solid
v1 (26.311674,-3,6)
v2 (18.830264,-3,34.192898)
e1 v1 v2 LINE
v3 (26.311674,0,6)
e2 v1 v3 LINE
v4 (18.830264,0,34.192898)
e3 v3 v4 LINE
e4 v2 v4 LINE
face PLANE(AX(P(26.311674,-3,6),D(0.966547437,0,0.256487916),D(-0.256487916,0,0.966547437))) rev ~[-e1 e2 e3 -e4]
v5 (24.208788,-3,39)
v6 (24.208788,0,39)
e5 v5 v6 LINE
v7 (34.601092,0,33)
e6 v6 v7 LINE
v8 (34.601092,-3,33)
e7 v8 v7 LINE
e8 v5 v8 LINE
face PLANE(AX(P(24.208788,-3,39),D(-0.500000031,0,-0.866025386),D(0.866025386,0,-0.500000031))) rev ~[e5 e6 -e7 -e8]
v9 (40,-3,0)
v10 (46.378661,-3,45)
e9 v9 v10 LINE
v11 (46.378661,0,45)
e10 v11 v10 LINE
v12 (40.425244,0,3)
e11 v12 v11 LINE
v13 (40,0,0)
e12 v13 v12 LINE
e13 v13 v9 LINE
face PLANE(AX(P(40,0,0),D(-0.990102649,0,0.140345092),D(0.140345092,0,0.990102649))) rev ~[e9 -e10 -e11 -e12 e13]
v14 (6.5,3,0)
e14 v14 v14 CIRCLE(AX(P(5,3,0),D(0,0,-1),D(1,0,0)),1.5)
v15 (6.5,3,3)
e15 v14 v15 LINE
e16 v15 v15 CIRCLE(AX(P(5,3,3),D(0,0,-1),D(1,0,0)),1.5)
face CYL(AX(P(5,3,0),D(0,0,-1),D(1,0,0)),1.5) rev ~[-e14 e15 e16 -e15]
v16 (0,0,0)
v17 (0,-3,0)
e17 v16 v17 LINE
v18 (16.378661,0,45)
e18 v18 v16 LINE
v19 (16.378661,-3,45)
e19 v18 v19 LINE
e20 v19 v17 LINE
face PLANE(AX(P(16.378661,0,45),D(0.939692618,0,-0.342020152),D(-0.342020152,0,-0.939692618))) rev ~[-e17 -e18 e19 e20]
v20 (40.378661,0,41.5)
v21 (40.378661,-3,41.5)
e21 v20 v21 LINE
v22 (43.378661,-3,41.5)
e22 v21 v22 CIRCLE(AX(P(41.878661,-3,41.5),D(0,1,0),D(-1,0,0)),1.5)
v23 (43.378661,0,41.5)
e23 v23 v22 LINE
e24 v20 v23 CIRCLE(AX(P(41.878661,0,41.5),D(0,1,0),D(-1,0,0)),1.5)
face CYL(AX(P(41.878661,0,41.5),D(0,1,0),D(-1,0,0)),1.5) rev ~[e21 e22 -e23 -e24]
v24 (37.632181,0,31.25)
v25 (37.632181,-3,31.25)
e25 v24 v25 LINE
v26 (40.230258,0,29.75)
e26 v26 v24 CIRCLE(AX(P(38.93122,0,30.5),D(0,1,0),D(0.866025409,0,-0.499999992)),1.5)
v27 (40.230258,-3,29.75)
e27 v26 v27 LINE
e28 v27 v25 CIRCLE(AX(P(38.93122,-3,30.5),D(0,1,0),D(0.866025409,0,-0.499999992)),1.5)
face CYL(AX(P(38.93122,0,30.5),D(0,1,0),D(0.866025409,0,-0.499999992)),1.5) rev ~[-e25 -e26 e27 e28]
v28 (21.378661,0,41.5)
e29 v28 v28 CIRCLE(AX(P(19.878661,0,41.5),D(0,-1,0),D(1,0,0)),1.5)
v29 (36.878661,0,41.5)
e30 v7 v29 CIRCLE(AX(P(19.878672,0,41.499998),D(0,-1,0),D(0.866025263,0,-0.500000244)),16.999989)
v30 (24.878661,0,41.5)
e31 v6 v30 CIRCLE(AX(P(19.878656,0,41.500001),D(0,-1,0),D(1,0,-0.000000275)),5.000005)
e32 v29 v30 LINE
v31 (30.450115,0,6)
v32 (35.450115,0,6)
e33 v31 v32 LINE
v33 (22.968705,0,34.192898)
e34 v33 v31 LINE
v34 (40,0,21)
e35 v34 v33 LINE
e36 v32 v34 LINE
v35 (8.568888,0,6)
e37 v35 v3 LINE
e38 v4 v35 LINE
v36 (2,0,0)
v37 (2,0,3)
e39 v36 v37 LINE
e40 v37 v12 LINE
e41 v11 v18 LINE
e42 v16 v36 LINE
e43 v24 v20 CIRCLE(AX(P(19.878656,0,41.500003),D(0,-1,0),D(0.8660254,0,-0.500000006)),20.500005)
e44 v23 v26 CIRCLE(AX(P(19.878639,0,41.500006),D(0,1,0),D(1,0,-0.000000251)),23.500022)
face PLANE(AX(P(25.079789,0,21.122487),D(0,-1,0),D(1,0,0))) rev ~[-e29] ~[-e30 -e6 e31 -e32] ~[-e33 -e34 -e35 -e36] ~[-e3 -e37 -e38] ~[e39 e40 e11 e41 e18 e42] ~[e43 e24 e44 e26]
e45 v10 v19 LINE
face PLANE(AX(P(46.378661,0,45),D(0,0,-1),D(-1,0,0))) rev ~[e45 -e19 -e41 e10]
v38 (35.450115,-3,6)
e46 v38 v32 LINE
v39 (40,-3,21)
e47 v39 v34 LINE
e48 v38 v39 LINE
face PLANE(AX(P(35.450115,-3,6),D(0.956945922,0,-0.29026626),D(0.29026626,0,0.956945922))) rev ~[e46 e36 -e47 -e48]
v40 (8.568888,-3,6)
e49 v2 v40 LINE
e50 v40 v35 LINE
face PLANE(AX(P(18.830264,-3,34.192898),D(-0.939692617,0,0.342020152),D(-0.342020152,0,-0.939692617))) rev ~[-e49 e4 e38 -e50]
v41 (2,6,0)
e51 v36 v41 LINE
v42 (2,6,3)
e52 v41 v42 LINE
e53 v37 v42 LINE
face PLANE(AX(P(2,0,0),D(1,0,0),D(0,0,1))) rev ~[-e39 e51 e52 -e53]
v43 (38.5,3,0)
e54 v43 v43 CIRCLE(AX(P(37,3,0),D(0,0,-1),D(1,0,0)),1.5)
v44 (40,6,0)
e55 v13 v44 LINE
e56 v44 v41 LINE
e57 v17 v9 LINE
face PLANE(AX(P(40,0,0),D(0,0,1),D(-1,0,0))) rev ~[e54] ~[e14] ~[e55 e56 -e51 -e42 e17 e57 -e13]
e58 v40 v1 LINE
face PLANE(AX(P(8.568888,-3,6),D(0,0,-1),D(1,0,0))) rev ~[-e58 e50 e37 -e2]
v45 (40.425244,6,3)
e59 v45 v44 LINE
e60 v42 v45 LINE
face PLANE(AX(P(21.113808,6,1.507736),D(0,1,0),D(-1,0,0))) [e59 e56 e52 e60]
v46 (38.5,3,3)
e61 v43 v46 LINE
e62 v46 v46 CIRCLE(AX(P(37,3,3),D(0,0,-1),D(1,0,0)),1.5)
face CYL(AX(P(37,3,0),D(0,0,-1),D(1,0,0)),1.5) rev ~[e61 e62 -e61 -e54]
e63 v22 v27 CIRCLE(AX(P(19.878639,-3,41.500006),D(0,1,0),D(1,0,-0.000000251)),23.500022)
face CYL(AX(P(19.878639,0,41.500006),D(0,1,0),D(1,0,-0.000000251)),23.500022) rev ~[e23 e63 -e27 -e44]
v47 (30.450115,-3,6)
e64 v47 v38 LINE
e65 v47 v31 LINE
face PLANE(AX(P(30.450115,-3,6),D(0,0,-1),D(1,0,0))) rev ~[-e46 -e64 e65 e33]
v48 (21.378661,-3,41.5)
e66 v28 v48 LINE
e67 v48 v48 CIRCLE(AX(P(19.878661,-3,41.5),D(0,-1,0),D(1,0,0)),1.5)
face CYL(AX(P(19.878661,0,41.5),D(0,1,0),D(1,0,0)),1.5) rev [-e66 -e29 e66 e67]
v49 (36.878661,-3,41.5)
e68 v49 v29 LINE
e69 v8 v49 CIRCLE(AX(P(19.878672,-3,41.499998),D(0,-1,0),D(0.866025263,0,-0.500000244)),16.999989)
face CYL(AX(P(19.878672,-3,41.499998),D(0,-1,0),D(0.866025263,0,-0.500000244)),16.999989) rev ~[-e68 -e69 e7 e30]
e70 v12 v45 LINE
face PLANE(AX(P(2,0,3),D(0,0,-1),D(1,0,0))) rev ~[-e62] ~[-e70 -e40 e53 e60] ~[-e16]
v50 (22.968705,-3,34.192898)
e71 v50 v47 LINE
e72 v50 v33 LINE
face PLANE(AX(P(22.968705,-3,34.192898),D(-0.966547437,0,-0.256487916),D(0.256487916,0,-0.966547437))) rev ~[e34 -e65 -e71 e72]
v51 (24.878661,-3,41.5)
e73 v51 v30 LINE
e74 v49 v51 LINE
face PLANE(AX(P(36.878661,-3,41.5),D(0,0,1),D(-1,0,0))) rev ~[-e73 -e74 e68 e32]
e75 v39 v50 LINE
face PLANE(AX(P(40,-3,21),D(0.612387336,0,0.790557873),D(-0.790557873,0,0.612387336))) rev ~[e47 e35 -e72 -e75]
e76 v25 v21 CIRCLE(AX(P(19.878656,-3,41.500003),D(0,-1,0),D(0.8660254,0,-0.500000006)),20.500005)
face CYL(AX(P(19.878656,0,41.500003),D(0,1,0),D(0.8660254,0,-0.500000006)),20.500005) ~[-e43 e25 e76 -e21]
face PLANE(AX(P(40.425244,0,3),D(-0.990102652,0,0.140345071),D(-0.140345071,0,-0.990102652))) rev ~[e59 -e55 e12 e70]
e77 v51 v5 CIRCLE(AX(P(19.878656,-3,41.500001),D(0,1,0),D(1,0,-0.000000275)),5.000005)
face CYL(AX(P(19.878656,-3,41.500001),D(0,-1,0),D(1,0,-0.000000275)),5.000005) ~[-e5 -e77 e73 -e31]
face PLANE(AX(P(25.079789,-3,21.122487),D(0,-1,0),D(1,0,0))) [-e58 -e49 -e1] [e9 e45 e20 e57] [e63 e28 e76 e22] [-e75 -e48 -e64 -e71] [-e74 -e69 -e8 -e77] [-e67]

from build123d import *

# Parameters (mm, degrees)
F0_R     = 1.5
F1_DEPTH = 3
F3_DEPTH = 6
F4_R     = 1.5
F5_DEPTH = 25
F7_DEPTH = 25


with BuildPart() as f1:
    # F0 (on Front) → F1 (new body)
    with BuildSketch(Plane.XZ):
        Polygon((16.378661, 45), (0, 0), (40, 0), (46.378661, 45), align=None)
        with Locations((19.878661, 41.5)):
            Circle(F0_R, mode=Mode.SUBTRACT)
        with BuildLine():
            ThreePointArc((43.378661, 41.5), (42.577917, 35.417752), (40.230258, 29.75))
            ThreePointArc((40.230258, 29.75), (38.181219, 29.200962), (37.632181, 31.25))
            ThreePointArc((37.632181, 31.25), (39.68014, 36.19421), (40.378661, 41.5))
            ThreePointArc((40.378661, 41.5), (41.878661, 43), (43.378661, 41.5))
        make_face(mode=Mode.SUBTRACT)
    extrude(amount=F1_DEPTH)

    # F2 (on face) → F3 (join)
    with BuildSketch(Plane(origin=(0, 0, 0), x_dir=(-1, 0, 0), z_dir=(0, 1, 0))):
        Polygon((-40.425244, 3), (-40, 0), (-2, 0), (-2, 3), align=None)
    extrude(amount=F3_DEPTH)

    # F4 (on face) → F5 (cut)
    with BuildSketch(Plane(origin=(0, 0, 0), x_dir=(1, 0, 0), z_dir=(0, 0, -1))):
        with Locations((37, -3)):
            Circle(F4_R)
        with Locations((5, -3)):
            Circle(F4_R)
    extrude(amount=-F5_DEPTH, mode=Mode.SUBTRACT)

    # F6 (on face) → F7 (cut)
    with BuildSketch(Plane.XZ.offset(3)):
        Polygon((18.830264, 34.192898), (8.568888, 6), (26.311674, 6), align=None)
        Polygon((40, 21), (22.968705, 34.192898), (30.450115, 6), (35.450115, 6), align=None)
        with BuildLine():
            ThreePointArc((24.878661, 41.5), (24.70829, 40.205905), (24.208788, 39))
            Line((24.208788, 39), (34.601092, 33))
            ThreePointArc((34.601092, 33), (36.2994, 37.100076), (36.878661, 41.5))
            Line((36.878661, 41.5), (24.878661, 41.5))
        make_face()
    extrude(amount=-F7_DEPTH, mode=Mode.SUBTRACT)


solid = f1.part
